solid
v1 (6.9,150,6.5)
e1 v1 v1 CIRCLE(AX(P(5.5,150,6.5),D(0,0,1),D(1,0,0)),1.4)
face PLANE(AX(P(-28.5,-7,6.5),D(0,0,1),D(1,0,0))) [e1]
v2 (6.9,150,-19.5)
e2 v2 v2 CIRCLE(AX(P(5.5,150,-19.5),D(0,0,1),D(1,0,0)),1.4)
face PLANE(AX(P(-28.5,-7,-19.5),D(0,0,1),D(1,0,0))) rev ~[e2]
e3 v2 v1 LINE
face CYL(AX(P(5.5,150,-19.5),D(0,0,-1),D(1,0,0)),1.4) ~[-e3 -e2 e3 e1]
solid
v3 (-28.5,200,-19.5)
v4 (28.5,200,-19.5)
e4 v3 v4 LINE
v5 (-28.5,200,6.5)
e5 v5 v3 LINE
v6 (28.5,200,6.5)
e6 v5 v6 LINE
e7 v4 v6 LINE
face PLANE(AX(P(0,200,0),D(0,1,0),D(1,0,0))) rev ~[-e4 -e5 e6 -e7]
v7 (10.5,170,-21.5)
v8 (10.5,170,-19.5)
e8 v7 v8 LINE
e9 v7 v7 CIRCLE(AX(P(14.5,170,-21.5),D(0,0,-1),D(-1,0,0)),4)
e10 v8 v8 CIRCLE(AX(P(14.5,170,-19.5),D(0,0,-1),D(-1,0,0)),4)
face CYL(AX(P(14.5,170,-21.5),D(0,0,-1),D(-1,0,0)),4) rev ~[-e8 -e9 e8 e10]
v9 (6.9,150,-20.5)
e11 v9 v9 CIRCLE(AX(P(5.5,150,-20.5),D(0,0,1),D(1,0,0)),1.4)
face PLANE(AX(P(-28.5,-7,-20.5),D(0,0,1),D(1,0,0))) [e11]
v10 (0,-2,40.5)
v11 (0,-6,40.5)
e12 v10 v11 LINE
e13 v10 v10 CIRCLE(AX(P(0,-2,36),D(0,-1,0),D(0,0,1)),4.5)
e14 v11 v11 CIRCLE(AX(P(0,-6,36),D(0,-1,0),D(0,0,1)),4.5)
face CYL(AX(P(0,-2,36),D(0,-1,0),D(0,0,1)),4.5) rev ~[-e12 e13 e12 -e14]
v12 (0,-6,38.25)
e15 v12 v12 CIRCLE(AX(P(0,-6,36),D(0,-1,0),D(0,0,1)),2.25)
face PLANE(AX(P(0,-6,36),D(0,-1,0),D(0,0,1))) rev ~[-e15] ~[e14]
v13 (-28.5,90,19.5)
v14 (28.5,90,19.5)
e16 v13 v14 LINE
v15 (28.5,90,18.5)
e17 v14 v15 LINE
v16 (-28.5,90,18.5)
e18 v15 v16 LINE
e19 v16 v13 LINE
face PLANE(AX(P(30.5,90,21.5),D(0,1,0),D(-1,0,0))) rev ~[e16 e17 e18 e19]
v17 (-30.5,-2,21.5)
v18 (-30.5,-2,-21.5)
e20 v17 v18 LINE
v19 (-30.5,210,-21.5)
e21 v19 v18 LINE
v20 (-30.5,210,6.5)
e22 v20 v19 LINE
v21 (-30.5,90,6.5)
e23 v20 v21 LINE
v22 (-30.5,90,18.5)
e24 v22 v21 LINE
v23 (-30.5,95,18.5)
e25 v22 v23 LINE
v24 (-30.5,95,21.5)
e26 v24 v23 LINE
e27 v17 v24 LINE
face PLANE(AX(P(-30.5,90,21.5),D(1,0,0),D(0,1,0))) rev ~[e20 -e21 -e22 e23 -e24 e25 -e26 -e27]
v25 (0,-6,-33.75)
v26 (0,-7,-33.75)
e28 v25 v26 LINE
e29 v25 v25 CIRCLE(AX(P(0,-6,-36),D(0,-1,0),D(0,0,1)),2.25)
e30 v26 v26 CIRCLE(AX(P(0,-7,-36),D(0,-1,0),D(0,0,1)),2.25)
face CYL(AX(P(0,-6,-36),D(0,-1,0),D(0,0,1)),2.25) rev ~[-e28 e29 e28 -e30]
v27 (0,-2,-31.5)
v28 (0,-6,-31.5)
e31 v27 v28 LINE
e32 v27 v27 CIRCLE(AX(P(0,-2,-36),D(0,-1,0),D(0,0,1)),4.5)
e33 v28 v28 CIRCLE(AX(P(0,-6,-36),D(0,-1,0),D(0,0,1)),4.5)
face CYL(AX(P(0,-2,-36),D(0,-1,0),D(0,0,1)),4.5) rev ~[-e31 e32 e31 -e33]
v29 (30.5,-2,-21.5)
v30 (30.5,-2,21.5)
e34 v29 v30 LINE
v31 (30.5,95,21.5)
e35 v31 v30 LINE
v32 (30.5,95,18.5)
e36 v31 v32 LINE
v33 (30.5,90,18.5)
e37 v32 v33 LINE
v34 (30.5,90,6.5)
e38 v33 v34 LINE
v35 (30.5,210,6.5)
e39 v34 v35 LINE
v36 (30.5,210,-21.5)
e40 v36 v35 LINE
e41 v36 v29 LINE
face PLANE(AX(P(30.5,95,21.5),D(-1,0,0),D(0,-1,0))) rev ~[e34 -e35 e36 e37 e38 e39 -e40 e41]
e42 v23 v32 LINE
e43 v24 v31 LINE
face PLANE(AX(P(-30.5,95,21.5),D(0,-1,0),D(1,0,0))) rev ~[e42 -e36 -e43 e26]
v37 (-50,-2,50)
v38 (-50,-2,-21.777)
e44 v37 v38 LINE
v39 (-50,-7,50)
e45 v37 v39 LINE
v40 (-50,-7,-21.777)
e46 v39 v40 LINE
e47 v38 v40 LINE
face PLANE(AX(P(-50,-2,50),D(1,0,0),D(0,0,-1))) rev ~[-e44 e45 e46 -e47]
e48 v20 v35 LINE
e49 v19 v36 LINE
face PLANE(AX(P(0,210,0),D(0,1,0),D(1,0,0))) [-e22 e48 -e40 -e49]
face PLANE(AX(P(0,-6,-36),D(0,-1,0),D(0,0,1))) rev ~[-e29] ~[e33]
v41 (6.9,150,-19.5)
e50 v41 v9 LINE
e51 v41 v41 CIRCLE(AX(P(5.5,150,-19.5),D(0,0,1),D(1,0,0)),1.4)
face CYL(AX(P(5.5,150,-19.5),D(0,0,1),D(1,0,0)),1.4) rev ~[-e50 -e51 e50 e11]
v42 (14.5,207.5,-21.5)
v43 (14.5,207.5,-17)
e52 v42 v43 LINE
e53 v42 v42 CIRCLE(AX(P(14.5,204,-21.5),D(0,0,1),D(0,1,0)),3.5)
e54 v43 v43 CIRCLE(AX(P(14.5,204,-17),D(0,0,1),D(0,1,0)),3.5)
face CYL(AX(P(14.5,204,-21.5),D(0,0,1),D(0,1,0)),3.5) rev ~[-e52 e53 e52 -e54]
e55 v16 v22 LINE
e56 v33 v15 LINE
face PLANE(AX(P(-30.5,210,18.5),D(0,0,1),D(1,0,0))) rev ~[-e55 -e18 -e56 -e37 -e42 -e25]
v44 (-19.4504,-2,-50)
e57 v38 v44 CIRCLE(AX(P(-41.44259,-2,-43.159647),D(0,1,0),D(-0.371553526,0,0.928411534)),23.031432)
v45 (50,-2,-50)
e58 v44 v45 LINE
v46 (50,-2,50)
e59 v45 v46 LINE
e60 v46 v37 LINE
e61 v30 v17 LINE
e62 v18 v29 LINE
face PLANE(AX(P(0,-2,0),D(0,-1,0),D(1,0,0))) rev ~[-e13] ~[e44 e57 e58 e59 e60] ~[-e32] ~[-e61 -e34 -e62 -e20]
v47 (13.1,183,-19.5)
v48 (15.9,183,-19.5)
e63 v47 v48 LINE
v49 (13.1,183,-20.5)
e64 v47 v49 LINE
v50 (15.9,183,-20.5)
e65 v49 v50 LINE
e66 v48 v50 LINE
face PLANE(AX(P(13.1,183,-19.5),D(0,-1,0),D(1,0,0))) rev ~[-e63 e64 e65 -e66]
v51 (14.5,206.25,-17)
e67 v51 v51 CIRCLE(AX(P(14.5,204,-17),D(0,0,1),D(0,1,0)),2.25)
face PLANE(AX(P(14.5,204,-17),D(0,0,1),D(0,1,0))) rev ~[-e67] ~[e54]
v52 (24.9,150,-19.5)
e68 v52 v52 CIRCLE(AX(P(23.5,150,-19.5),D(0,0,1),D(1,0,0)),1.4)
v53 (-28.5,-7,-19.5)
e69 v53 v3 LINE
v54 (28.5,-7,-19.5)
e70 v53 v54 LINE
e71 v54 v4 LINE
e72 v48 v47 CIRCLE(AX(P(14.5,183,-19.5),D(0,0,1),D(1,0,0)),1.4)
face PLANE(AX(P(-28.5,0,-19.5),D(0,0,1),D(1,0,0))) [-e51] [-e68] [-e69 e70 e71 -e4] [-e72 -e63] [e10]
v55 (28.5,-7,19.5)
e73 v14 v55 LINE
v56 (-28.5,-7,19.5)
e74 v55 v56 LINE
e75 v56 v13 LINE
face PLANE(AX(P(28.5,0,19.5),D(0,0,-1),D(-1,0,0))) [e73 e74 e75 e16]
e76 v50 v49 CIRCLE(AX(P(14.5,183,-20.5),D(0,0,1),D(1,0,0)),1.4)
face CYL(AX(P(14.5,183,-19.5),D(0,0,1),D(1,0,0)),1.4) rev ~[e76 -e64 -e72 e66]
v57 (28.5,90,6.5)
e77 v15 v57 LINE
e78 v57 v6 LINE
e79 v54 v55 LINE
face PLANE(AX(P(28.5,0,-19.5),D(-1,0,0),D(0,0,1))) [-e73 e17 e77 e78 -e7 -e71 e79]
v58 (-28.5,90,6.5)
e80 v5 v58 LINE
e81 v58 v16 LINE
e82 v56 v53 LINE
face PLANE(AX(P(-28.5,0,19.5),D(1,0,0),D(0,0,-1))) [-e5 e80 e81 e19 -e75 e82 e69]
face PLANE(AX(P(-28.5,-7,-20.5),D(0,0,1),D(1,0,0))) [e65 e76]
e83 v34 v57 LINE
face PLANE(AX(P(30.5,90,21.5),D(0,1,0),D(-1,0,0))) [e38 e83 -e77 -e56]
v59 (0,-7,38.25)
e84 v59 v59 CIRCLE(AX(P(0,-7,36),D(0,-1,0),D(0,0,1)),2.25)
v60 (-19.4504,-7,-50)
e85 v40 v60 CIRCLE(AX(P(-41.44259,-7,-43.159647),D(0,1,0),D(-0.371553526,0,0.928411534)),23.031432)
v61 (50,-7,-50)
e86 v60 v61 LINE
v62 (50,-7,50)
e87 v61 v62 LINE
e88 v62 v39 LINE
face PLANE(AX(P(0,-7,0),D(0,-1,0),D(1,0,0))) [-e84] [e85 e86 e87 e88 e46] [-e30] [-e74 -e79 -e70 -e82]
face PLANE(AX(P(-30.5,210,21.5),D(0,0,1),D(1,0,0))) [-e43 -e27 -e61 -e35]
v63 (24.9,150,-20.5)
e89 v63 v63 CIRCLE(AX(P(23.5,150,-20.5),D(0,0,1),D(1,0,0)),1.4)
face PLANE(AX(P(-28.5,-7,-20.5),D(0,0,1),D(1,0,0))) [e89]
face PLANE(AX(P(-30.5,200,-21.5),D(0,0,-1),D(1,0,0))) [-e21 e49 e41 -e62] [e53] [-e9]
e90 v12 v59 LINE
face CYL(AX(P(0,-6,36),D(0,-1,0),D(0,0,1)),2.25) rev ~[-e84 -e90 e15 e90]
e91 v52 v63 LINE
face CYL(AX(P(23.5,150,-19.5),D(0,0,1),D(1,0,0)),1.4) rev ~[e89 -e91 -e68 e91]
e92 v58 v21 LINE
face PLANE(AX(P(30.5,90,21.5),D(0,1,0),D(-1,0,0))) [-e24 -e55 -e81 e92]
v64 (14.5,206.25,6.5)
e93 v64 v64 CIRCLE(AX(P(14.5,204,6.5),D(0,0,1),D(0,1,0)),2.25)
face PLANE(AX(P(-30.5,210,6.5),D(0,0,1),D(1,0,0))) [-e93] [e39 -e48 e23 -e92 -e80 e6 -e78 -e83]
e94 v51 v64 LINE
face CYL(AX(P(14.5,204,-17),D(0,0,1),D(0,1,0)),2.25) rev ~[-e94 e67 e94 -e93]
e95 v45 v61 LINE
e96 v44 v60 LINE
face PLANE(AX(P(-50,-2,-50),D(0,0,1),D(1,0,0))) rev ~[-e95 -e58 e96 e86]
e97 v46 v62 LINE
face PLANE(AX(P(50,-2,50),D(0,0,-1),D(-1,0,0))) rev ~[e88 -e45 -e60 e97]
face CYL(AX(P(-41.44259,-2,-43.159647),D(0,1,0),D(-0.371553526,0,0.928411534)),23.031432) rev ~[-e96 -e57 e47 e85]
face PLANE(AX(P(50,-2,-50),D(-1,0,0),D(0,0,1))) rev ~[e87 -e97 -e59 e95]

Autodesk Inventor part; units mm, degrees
ref_plane "YZ Plane" through (0, 0, 0) normal (1, 0, 0) x (0, 1, 0)
ref_plane "XZ Plane" through (0, 0, 0) normal (0, 1, 0) x (-1, 0, 0)
ref_plane "XY Plane" through (0, 0, 0) normal (0, 0, 1) x (1, 0, 0)
sketch "Sketch1" plane through (0, 0, 0) normal (0, 1, 0) x (-1, 0, 0)
  line L0 (-28.5, 19.5) -> (28.5, 19.5)
  line L1 (28.5, 19.5) -> (28.5, -19.5)
  line L2 (28.5, -19.5) -> (-28.5, -19.5)
  line L3 (-28.5, -19.5) -> (-28.5, 19.5)
  line L4 (-28.5, 19.5) -> (28.5, -19.5) construction
  line L5 (28.5, 19.5) -> (-28.5, -19.5) construction
  line L6 (-30.5, 21.5) -> (30.5, 21.5)
  line L7 (30.5, 21.5) -> (30.5, -21.5)
  line L8 (30.5, -21.5) -> (-30.5, -21.5)
  line L9 (-30.5, -21.5) -> (-30.5, 21.5)
  line L10 (-30.5, 21.5) -> (30.5, -21.5) construction
  line L11 (30.5, 21.5) -> (-30.5, -21.5) construction
  point P0 (0, 0)
  point P1 (0, -19.5)
  point P2 (0, -21.5)
  point P3 (0, 0)
  point P4 (0, 0)
  dimension "d1" = 57
  dimension "d2" = 39
  dimension "d3" = 61
  dimension "d4" = 43
extrude "Extrusion2" add sketch "Sketch1" against normal blind 2 contours L0 L1 L2 L3 | L6 L7 L8 L9
extrude "Extrusion3" add sketch "Sketch1" along normal blind 200
sketch "Sketch2" plane through (0, 200, 0) normal (0, 1, 0) x (1, 0, 0)
  line L0 (-30.5, -21.5) -> (-30.5, 21.5) projected
  line L1 (30.5, -21.5) -> (-30.5, -21.5)
  line L2 (-30.5, -21.5) -> (-30.5, 21.5)
  line L3 (-30.5, 21.5) -> (30.5, 21.5)
  line L4 (30.5, 21.5) -> (30.5, -21.5)
  line L5 (30.5, -21.5) -> (-30.5, 21.5) construction
  line L6 (-30.5, -21.5) -> (30.5, 21.5) construction
  point P0 (0, 0)
extrude "Extrusion4" add sketch "Sketch2" along normal blind 10
sketch "Sketch6" plane through (0, -2, 0) normal (0, -1, 0) x (1, 0, 0)
  line L0 (-30.5, -21.5) -> (30.5, -21.5)
  line L1 (30.5, -21.5) -> (30.5, 21.5)
  line L2 (30.5, 21.5) -> (-30.5, 21.5)
  line L3 (-30.5, 21.5) -> (-30.5, -21.5)
  line L4 (-30.5, -21.5) -> (30.5, 21.5) construction
  line L5 (30.5, -21.5) -> (-30.5, 21.5) construction
  line L6 (-50, -50) -> (50, -50)
  line L7 (50, -50) -> (50, 50)
  line L8 (50, 50) -> (-50, 50)
  line L9 (-50, 50) -> (-50, -50)
  line L10 (-50, -50) -> (50, 50) construction
  line L11 (50, -50) -> (-50, 50) construction
  circle A0 centre (0, 0) radius 7.25
  dimension "d27" = 100
  dimension "d28" = 100
extrude "Extrusion8" add sketch "Sketch6" along normal blind 5 contours L9 L8 L7 L6
extrude "Extrusion9" add sketch "Sketch6" along normal blind 5 contours L3 L2 L1 L0
extrude "Extrusion11" cut sketch "Sketch1" against normal blind 7 contours L0 L1 L2 L3
sketch "Sketch9" plane through (-30.5, 210, 21.5) normal (0, 0, 1) x (1, 0, 0)
  point P0 (30.5, -210)
sketch "Sketch10" plane through (-30.5, 210, 21.5) normal (0, 0, 1) x (1, 0, 0)
  line L0 (0, 0) -> (61, 0) projected
  line L1 (0, 0) -> (61, 0)
  line L2 (61, 0) -> (61, -120)
  line L3 (61, -120) -> (0, -120)
  line L4 (0, -120) -> (0, 0)
  line L5 (0, -120) -> (0, -115)
  line L6 (0, -115) -> (61, -115)
  point P0 (30.5, -210)
  dimension "d95" = 1.5
  dimension "d57" = 120
  dimension "d58" = 5
extrude "Extrusion12" cut sketch "Sketch10" against normal blind 15
extrude "Extrusion13" add sketch "Sketch10" against normal blind 3 contours L6 L2 L3 L4
sketch "Sketch11" plane through (30.5, 210, -21.5) normal (0, 0, -1) x (-1, 0, 0)
  line L0 (0, 0) -> (0, -120) projected
  point P0 (30.5, -210)
  point P1 (16, -6)
  dimension "d106" = 16
hole "Hole2" at (14.5, 204, -21.5) direction (0, 0, 1) diameter 4.5 end through all counterbore diameter 7 counterbore depth 4.5
sketch "Sketch12" plane through (30.5, 210, -21.5) normal (0, 0, -1) x (-1, 0, 0)
  circle A0 centre (16, -40) radius 4
  circle A1 centre (16, -6) radius 3.5 projected
  line L0 (61, -212) -> (61, 0) projected
  line L1 (0, 0) -> (0, -212) projected
  point P0 (30.5, -210)
  point P1 (13.5, -10)
  point P2 (61, -217)
  dimension "d94" = 8
  dimension "d104" = 34
  dimension "d108" = 16
extrude "Extrusion14" cut sketch "Sketch12" against normal through all contours A0
sketch "Sketch13" plane through (-28.5, -7, -19.5) normal (0, 0, 1) x (1, 0, 0)
  circle A0 centre (43, 190) radius 1.4
  line L0 (57, 207) -> (57, 0) projected
  line L1 (41.6, 190) -> (44.4, 190)
  circle A1 centre (52, 157) radius 1.4
  circle A2 centre (34, 157) radius 1.4
  point P0 (28.5, 7)
  dimension "d101" = 2.8
  dimension "d105" = 14
  dimension "d121" = 2.8
  dimension "d122" = 2.8
extrude "Extrusion15" cut sketch "Sketch13" against normal blind 1 contours L1 A0 picked at (43.4531, 190.1117)
sketch "Sketch14" plane through (0, -2, 0) normal (0, 1, 0) x (1, 0, 0)
  point P0 (0, 0)
  point P1 (0, 36)
  point P2 (0, -36)
hole "Hole3" at (0, -2, -36) at (0, -2, 36) direction (0, -1, 0) diameter 4.5 end through all counterbore diameter 9 counterbore depth 4
extrude "Extrusion16" cut sketch "Sketch13" against normal blind 1 contours A1 | A2
extrude "Extrusion17" add sketch "Sketch13" along normal blind 26 contours A2
sketch "Sketch15" plane through (0, -2, 0) normal (0, 1, 0) x (1, 0, 0)
  line L0 (-50, -50) -> (-50, 50) projected
  line L1 (-50, 50) -> (50, 50) projected
  arc A0 (-50, 21.777) -> (-19.4504, 50) centre (-41.4426, 43.1597) ccw
  point P0 (0, 0)
extrude "Extrusion18" cut sketch "Sketch15" against normal blind 5
properties part number "Housing of DC Motor_3DPrint"
